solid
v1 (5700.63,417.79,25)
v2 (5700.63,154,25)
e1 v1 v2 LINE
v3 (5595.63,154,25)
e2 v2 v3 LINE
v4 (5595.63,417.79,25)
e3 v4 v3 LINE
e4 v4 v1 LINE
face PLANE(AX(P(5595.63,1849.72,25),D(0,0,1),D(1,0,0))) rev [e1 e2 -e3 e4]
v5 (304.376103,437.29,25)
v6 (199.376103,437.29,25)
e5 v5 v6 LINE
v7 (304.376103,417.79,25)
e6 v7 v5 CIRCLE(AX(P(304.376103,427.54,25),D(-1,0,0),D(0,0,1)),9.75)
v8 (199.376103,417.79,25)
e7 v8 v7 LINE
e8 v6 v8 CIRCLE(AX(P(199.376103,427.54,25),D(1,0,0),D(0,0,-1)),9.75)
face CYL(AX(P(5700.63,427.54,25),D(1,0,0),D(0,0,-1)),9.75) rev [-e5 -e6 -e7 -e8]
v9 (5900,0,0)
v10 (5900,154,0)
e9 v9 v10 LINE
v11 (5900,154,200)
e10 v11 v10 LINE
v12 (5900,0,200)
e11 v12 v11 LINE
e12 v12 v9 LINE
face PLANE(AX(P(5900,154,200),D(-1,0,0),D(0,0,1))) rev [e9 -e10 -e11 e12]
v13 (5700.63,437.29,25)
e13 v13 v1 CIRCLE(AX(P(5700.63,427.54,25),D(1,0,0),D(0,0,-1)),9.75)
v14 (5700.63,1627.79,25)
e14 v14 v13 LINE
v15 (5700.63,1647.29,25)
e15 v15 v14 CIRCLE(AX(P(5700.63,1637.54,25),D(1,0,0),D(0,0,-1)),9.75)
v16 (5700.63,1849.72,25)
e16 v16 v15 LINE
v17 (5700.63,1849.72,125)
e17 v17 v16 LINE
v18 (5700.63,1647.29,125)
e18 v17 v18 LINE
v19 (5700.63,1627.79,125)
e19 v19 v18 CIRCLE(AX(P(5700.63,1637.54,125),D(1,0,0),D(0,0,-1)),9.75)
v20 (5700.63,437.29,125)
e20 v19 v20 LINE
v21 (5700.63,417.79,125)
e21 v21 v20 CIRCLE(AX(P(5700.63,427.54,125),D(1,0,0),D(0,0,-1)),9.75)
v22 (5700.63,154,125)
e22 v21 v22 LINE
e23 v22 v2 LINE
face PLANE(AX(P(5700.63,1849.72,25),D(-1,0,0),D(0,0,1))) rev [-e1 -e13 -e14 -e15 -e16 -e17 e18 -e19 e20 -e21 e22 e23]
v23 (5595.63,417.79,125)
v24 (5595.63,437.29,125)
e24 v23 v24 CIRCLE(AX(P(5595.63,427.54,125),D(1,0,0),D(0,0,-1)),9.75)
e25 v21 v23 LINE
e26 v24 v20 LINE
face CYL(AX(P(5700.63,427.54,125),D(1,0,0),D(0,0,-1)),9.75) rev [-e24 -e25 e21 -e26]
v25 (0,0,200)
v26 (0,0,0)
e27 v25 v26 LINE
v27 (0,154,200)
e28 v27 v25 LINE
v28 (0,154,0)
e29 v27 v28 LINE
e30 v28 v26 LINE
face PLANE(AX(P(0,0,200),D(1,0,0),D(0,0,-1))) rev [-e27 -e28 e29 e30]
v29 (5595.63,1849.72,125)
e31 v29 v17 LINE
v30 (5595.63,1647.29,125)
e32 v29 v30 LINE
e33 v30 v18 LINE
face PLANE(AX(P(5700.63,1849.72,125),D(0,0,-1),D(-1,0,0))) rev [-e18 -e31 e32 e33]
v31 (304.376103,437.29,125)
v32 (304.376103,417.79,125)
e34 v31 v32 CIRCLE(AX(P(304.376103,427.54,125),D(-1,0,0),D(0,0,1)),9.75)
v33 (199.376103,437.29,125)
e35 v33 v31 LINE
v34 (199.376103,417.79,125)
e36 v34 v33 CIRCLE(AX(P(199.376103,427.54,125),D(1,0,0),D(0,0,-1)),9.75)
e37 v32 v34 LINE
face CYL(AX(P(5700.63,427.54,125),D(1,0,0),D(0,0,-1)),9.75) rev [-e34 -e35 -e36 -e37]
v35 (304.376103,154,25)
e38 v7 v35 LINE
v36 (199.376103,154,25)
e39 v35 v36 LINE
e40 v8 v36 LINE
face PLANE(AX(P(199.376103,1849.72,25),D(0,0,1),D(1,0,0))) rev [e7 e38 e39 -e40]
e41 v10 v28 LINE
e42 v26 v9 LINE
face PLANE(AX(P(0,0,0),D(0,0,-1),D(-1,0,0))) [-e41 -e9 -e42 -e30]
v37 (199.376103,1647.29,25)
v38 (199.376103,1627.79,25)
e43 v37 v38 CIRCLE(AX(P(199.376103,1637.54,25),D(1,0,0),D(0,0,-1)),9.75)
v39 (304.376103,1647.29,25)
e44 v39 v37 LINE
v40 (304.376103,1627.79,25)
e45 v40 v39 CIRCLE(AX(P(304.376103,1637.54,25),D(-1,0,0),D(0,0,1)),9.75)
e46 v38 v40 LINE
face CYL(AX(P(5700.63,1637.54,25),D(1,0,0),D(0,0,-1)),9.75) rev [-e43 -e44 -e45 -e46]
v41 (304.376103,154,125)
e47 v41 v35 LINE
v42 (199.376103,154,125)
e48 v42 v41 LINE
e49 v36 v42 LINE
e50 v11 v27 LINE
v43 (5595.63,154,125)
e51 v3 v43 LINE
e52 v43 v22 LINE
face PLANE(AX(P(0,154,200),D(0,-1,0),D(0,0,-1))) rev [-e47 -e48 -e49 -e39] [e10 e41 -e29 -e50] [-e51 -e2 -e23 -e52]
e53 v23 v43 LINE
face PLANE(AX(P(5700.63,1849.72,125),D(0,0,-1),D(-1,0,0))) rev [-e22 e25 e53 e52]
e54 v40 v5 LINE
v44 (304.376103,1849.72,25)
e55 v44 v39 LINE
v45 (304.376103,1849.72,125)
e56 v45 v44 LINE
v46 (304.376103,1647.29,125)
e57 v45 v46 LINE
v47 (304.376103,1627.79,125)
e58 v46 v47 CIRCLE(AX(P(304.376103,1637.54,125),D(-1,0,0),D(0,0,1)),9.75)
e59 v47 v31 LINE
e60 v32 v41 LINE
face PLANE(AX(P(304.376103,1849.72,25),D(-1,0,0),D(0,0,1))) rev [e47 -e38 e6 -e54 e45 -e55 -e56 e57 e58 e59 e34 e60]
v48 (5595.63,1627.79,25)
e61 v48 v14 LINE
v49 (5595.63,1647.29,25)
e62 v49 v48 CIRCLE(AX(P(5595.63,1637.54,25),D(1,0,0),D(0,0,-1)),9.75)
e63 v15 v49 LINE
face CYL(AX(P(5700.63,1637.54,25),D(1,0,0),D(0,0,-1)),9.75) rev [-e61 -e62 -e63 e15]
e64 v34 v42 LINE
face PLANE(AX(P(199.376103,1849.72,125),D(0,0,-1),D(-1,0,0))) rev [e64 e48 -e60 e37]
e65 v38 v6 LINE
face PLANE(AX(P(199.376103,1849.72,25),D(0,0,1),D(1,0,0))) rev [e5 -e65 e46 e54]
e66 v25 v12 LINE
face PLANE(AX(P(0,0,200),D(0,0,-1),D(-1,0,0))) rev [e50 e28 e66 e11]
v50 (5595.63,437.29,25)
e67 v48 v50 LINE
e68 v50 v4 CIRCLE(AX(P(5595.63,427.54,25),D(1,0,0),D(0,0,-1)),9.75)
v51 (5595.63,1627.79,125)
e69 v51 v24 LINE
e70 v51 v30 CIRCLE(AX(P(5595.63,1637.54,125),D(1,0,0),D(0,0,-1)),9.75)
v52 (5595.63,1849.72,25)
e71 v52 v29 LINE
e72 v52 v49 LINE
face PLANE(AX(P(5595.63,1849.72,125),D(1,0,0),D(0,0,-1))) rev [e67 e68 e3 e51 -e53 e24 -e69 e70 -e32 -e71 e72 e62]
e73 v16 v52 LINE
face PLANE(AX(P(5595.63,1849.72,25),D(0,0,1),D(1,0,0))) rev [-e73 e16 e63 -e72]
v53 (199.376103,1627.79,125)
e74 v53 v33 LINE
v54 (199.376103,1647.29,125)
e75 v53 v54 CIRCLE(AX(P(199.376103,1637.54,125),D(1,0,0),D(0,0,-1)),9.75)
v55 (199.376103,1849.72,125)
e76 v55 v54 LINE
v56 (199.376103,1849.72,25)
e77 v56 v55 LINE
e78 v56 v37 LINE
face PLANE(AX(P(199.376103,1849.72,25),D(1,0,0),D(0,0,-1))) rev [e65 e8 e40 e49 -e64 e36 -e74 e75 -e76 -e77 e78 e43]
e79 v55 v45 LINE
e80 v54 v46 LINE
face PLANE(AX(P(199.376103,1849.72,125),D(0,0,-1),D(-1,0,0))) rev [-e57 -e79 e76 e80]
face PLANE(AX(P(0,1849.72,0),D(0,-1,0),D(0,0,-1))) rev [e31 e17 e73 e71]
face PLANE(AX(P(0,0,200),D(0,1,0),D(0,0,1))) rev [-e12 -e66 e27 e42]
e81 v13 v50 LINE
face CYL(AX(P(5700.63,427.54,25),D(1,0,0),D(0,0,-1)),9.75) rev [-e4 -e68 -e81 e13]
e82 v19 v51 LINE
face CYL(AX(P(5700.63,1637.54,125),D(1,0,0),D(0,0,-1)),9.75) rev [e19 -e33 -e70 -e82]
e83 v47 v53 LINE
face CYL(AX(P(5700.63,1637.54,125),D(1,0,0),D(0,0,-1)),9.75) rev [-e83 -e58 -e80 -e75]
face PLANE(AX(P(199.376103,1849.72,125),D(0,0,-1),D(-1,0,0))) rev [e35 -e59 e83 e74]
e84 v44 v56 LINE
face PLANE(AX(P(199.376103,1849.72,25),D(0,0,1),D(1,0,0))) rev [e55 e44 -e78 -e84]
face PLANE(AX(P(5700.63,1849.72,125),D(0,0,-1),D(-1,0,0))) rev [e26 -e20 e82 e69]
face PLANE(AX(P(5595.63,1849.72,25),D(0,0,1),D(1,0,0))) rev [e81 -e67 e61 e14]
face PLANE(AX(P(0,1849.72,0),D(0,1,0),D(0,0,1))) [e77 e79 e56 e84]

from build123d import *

# Parameters (mm, degrees)
ESBO_O1_W                                = 5900
ESBO_O1_H                                = 154
RESSALTO_EXTRUS_O1_DEPTH                 = 200
ESBO_O3_W                                = 105
ESBO_O3_H                                = 100
RESSALTO_EXTRUS_O2_DEPTH                 = 1849.72
BROCA_DE_ROSQUEAR_PARA_TARRAXA_DE_M222_D = 19.5
BROCA_DE_ROSQUEAR_PARA_TARRAXA_DE_M223_D = 19.5


with BuildPart() as part:
    # Esboço1 → Ressalto-extrusão1 (new body)
    with BuildSketch(Plane.XY):
        with Locations((2950, 77)):
            Rectangle(ESBO_O1_W, ESBO_O1_H)
    extrude(amount=RESSALTO_EXTRUS_O1_DEPTH)

    # Esboço3 → Ressalto-extrusão2 (add)
    with BuildSketch(Plane(origin=(0, 0, 0), x_dir=(1, 0, 0), z_dir=(0, 1, 0))):
        with Locations((5648.13, -75)):
            Rectangle(ESBO_O3_W, ESBO_O3_H)
        with Locations((251.876102892, -75)):
            Rectangle(ESBO_O3_W, ESBO_O3_H)
    extrude(amount=RESSALTO_EXTRUS_O2_DEPTH)

    # Broca de rosquear para tarraxa de M222 (through all)
    with Locations(Plane(origin=(5700.63, 0, 0), x_dir=(0, 0, -1), z_dir=(1, 0, 0))):
        with Locations((-125, 427.54), (-25, 427.54)):
            Hole(BROCA_DE_ROSQUEAR_PARA_TARRAXA_DE_M222_D / 2)

    # Broca de rosquear para tarraxa de M223 (through all)
    with Locations(Plane(origin=(5700.63, 0, 0), x_dir=(0, 0, -1), z_dir=(1, 0, 0))):
        with Locations((-125, 1637.54), (-25, 1637.54)):
            Hole(BROCA_DE_ROSQUEAR_PARA_TARRAXA_DE_M223_D / 2)


solid = part.part
